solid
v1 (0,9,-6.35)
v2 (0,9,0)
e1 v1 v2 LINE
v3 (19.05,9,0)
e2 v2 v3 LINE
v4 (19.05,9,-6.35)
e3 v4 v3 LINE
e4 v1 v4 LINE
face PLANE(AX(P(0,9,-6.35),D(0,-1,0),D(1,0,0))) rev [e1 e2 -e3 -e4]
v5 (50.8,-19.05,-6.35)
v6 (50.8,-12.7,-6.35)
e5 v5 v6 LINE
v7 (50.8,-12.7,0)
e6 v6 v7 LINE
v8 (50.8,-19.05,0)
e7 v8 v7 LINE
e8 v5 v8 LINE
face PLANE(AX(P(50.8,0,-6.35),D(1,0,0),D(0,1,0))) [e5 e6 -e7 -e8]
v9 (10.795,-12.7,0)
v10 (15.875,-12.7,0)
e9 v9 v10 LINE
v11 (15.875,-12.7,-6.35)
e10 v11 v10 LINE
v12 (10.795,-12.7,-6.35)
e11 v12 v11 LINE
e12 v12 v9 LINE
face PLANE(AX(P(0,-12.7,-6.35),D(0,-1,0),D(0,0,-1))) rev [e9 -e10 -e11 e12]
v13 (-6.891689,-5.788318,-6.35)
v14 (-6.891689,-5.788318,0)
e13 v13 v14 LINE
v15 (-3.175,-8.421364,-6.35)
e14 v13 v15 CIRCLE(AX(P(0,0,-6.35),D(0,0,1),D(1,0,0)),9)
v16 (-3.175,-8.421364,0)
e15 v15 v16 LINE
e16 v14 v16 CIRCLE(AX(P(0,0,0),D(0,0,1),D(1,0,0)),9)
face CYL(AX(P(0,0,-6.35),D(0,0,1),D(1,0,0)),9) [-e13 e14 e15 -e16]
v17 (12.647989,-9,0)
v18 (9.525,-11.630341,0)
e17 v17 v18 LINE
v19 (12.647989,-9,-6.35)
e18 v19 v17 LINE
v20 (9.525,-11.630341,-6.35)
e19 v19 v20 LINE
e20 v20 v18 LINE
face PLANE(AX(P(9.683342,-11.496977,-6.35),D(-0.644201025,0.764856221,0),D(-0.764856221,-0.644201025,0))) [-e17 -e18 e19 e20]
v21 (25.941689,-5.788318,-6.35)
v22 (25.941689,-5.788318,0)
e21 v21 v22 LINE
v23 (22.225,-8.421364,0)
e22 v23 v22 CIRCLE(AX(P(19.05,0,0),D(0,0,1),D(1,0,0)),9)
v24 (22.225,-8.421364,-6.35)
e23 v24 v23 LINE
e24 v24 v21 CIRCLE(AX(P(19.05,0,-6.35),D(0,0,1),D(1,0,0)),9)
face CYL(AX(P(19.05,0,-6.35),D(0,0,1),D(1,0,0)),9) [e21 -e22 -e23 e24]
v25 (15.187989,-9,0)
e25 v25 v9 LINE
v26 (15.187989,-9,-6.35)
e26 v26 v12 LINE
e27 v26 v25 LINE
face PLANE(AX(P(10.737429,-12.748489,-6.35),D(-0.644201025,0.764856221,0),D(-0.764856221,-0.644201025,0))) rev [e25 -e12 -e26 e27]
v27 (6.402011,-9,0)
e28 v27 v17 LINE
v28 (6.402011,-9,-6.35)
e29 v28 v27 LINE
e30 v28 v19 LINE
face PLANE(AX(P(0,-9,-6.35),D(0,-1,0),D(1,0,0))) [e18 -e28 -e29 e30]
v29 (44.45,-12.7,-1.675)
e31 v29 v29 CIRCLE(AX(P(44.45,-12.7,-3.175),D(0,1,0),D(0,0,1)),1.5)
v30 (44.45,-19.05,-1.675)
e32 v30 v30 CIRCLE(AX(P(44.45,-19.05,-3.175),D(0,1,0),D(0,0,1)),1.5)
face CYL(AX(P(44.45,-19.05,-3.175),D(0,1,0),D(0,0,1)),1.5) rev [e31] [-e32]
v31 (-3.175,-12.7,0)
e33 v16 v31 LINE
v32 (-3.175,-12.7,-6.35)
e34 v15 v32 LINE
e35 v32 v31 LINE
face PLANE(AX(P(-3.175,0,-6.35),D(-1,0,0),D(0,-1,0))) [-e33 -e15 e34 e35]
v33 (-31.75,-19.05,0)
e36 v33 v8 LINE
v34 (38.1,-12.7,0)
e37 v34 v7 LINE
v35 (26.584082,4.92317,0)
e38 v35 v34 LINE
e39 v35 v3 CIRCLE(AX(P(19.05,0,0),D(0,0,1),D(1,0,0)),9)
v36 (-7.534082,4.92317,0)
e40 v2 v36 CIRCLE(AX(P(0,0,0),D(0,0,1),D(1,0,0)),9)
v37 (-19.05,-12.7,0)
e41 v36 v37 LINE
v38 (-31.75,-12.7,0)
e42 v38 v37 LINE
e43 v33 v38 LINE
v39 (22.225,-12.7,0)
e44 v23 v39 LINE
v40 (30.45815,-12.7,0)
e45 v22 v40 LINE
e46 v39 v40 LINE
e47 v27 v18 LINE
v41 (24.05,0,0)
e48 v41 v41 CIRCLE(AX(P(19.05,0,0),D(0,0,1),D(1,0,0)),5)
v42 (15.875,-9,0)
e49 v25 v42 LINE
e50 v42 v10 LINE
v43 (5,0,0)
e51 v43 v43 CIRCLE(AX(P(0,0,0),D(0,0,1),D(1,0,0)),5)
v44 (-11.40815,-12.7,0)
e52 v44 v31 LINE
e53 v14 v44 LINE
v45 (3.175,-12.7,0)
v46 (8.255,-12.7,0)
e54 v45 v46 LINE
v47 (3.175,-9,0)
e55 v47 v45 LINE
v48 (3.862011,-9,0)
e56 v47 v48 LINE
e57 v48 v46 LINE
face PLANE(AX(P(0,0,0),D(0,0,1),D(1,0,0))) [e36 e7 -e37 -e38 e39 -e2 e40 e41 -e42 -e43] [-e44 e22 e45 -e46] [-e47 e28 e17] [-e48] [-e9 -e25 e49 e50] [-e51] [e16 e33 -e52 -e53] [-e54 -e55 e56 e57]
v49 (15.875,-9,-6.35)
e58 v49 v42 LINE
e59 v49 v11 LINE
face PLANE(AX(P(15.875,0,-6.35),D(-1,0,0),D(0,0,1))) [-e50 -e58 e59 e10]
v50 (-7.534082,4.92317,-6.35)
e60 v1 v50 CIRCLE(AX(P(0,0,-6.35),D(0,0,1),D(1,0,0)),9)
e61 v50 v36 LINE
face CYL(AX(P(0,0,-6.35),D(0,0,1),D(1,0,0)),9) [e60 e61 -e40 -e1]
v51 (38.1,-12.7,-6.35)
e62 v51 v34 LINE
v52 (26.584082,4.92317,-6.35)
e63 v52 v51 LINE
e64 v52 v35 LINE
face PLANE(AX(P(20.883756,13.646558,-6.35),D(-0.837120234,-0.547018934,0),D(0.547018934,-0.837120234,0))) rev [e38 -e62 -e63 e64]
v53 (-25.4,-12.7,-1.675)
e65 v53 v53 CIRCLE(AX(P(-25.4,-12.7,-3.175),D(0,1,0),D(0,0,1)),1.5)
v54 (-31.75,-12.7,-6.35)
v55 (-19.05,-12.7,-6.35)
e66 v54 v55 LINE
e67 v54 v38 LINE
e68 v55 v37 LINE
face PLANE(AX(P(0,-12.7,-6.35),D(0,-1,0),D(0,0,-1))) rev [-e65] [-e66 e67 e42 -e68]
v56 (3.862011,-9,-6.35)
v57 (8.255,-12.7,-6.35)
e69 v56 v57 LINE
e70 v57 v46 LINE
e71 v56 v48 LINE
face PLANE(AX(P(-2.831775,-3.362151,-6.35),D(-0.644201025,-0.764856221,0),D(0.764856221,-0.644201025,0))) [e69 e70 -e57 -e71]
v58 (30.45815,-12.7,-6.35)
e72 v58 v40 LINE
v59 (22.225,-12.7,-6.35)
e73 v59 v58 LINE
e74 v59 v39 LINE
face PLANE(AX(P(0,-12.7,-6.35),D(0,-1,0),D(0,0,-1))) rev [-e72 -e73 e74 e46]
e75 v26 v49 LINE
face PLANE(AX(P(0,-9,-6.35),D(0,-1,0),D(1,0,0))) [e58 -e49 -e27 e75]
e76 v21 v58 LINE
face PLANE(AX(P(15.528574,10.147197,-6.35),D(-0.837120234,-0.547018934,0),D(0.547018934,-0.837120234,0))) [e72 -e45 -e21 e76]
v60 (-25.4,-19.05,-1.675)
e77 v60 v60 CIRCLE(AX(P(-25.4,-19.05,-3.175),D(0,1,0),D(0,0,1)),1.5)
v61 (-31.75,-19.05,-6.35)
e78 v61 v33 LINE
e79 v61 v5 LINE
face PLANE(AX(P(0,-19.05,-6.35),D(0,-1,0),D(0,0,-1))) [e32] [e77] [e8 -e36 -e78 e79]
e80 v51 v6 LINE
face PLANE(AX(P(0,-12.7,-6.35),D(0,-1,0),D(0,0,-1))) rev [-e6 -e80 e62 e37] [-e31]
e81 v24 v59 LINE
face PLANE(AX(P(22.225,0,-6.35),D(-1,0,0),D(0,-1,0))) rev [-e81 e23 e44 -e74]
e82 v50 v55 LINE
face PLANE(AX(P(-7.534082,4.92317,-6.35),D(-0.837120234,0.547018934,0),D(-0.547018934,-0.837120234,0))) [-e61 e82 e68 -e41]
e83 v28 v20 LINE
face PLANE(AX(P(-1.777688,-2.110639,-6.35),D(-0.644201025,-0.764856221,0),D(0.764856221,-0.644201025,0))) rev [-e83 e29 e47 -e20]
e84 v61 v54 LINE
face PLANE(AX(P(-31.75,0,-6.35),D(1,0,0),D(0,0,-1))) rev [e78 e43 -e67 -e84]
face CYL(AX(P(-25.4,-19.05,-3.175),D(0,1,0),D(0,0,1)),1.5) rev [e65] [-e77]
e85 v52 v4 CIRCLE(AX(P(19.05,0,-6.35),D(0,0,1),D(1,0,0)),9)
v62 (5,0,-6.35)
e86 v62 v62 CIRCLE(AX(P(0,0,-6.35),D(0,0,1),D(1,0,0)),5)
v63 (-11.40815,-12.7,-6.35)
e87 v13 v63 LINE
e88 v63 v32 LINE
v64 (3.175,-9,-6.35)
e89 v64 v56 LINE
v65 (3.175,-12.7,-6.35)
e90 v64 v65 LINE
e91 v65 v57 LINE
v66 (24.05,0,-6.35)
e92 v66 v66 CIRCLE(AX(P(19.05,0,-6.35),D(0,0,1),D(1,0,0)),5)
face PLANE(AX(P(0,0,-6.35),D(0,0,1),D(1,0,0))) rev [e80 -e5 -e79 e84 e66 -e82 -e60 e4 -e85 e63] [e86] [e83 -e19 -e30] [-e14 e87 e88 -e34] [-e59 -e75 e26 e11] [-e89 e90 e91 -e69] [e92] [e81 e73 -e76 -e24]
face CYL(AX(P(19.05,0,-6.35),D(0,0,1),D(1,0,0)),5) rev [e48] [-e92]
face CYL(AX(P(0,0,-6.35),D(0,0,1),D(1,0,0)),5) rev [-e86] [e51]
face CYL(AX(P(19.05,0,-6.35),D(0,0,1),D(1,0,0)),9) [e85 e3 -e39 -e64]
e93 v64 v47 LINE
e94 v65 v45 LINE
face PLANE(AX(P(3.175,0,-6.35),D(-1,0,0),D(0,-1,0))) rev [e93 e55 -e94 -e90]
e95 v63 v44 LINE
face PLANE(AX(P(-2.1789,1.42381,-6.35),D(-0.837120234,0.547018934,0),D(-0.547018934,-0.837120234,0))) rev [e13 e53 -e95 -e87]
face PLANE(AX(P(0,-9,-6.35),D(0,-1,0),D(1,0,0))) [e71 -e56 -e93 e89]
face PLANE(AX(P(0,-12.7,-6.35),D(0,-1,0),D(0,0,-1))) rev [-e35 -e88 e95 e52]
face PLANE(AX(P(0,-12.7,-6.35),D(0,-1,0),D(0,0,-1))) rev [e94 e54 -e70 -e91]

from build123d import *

# Parameters (mm, degrees)
BOSS_EXTRUDE1_DEPTH = 6.35
SKETCH2_R           = 5
CUT_EXTRUDE1_DEPTH  = 55.624765446
SKETCH3_R           = 1.5
CUT_EXTRUDE2_DEPTH  = 56.60442878


with BuildPart() as part:
    # Sketch1 → Boss-Extrude1 (new body)
    with BuildSketch(Plane.XY):
        with BuildLine():
            Line((19.05, 9), (0, 9))
            ThreePointArc((0, 9), (-4.283191939, 7.915444827), (-7.534082106, 4.923170403))
            Line((-7.534082106, 4.923170403), (-19.05, -12.7))
            Line((-19.05, -12.7), (-31.75, -12.7))
            Line((-31.75, -12.7), (-31.75, -19.05))
            Line((-31.75, -19.05), (50.8, -19.05))
            Line((50.8, -19.05), (50.8, -12.7))
            Line((50.8, -12.7), (38.1, -12.7))
            Line((38.1, -12.7), (26.584082106, 4.923170403))
            ThreePointArc((26.584082106, 4.923170403), (23.333191939, 7.915444827), (19.05, 9))
        make_face()
        Polygon((3.862011, -9), (8.255, -12.7), (3.175, -12.7), (3.175, -9), align=None, mode=Mode.SUBTRACT)
        Polygon((12.647989, -9), (9.525, -11.63034105), (6.402011, -9), (9.525, -9), align=None, mode=Mode.SUBTRACT)
        with BuildLine():
            Line((30.458149598, -12.7), (22.225, -12.7))
            Line((22.225, -12.7), (22.225, -8.421364201))
            ThreePointArc((22.225, -8.421364201), (24.252671243, -7.343855386), (25.941688674, -5.788318169))
            Line((25.941688674, -5.788318169), (30.458149598, -12.7))
        make_face(mode=Mode.SUBTRACT)
        Polygon((15.875, -12.7), (10.795, -12.7), (15.187989, -9), (15.875, -9), align=None, mode=Mode.SUBTRACT)
        with BuildLine():
            ThreePointArc((-6.891688674, -5.788318169), (-5.202671243, -7.343855386), (-3.175, -8.421364201))
            Line((-3.175, -8.421364201), (-3.175, -12.7))
            Line((-3.175, -12.7), (-11.408149598, -12.7))
            Line((-11.408149598, -12.7), (-6.891688674, -5.788318169))
        make_face(mode=Mode.SUBTRACT)
    extrude(amount=-BOSS_EXTRUDE1_DEPTH)

    # Sketch2 → Cut-Extrude1 (cut, through all)
    with BuildSketch(Plane.XY):
        Circle(SKETCH2_R)
        with Locations((19.05, 0)):
            Circle(SKETCH2_R)
    extrude(amount=-CUT_EXTRUDE1_DEPTH, mode=Mode.SUBTRACT)

    # Sketch3 → Cut-Extrude2 (cut, through all)
    with BuildSketch(Plane(origin=(0, -12.7, 0), x_dir=(1, 0, 0), z_dir=(0, 1, 0))):
        with Locations(Location((44.45, 3.175, 0), (0, 0, 270))):
            Circle(SKETCH3_R)
        with Locations(Location((-25.4, 3.175, 0), (0, 0, 270))):
            Circle(SKETCH3_R)
    extrude(amount=-CUT_EXTRUDE2_DEPTH, mode=Mode.SUBTRACT)


solid = part.part
